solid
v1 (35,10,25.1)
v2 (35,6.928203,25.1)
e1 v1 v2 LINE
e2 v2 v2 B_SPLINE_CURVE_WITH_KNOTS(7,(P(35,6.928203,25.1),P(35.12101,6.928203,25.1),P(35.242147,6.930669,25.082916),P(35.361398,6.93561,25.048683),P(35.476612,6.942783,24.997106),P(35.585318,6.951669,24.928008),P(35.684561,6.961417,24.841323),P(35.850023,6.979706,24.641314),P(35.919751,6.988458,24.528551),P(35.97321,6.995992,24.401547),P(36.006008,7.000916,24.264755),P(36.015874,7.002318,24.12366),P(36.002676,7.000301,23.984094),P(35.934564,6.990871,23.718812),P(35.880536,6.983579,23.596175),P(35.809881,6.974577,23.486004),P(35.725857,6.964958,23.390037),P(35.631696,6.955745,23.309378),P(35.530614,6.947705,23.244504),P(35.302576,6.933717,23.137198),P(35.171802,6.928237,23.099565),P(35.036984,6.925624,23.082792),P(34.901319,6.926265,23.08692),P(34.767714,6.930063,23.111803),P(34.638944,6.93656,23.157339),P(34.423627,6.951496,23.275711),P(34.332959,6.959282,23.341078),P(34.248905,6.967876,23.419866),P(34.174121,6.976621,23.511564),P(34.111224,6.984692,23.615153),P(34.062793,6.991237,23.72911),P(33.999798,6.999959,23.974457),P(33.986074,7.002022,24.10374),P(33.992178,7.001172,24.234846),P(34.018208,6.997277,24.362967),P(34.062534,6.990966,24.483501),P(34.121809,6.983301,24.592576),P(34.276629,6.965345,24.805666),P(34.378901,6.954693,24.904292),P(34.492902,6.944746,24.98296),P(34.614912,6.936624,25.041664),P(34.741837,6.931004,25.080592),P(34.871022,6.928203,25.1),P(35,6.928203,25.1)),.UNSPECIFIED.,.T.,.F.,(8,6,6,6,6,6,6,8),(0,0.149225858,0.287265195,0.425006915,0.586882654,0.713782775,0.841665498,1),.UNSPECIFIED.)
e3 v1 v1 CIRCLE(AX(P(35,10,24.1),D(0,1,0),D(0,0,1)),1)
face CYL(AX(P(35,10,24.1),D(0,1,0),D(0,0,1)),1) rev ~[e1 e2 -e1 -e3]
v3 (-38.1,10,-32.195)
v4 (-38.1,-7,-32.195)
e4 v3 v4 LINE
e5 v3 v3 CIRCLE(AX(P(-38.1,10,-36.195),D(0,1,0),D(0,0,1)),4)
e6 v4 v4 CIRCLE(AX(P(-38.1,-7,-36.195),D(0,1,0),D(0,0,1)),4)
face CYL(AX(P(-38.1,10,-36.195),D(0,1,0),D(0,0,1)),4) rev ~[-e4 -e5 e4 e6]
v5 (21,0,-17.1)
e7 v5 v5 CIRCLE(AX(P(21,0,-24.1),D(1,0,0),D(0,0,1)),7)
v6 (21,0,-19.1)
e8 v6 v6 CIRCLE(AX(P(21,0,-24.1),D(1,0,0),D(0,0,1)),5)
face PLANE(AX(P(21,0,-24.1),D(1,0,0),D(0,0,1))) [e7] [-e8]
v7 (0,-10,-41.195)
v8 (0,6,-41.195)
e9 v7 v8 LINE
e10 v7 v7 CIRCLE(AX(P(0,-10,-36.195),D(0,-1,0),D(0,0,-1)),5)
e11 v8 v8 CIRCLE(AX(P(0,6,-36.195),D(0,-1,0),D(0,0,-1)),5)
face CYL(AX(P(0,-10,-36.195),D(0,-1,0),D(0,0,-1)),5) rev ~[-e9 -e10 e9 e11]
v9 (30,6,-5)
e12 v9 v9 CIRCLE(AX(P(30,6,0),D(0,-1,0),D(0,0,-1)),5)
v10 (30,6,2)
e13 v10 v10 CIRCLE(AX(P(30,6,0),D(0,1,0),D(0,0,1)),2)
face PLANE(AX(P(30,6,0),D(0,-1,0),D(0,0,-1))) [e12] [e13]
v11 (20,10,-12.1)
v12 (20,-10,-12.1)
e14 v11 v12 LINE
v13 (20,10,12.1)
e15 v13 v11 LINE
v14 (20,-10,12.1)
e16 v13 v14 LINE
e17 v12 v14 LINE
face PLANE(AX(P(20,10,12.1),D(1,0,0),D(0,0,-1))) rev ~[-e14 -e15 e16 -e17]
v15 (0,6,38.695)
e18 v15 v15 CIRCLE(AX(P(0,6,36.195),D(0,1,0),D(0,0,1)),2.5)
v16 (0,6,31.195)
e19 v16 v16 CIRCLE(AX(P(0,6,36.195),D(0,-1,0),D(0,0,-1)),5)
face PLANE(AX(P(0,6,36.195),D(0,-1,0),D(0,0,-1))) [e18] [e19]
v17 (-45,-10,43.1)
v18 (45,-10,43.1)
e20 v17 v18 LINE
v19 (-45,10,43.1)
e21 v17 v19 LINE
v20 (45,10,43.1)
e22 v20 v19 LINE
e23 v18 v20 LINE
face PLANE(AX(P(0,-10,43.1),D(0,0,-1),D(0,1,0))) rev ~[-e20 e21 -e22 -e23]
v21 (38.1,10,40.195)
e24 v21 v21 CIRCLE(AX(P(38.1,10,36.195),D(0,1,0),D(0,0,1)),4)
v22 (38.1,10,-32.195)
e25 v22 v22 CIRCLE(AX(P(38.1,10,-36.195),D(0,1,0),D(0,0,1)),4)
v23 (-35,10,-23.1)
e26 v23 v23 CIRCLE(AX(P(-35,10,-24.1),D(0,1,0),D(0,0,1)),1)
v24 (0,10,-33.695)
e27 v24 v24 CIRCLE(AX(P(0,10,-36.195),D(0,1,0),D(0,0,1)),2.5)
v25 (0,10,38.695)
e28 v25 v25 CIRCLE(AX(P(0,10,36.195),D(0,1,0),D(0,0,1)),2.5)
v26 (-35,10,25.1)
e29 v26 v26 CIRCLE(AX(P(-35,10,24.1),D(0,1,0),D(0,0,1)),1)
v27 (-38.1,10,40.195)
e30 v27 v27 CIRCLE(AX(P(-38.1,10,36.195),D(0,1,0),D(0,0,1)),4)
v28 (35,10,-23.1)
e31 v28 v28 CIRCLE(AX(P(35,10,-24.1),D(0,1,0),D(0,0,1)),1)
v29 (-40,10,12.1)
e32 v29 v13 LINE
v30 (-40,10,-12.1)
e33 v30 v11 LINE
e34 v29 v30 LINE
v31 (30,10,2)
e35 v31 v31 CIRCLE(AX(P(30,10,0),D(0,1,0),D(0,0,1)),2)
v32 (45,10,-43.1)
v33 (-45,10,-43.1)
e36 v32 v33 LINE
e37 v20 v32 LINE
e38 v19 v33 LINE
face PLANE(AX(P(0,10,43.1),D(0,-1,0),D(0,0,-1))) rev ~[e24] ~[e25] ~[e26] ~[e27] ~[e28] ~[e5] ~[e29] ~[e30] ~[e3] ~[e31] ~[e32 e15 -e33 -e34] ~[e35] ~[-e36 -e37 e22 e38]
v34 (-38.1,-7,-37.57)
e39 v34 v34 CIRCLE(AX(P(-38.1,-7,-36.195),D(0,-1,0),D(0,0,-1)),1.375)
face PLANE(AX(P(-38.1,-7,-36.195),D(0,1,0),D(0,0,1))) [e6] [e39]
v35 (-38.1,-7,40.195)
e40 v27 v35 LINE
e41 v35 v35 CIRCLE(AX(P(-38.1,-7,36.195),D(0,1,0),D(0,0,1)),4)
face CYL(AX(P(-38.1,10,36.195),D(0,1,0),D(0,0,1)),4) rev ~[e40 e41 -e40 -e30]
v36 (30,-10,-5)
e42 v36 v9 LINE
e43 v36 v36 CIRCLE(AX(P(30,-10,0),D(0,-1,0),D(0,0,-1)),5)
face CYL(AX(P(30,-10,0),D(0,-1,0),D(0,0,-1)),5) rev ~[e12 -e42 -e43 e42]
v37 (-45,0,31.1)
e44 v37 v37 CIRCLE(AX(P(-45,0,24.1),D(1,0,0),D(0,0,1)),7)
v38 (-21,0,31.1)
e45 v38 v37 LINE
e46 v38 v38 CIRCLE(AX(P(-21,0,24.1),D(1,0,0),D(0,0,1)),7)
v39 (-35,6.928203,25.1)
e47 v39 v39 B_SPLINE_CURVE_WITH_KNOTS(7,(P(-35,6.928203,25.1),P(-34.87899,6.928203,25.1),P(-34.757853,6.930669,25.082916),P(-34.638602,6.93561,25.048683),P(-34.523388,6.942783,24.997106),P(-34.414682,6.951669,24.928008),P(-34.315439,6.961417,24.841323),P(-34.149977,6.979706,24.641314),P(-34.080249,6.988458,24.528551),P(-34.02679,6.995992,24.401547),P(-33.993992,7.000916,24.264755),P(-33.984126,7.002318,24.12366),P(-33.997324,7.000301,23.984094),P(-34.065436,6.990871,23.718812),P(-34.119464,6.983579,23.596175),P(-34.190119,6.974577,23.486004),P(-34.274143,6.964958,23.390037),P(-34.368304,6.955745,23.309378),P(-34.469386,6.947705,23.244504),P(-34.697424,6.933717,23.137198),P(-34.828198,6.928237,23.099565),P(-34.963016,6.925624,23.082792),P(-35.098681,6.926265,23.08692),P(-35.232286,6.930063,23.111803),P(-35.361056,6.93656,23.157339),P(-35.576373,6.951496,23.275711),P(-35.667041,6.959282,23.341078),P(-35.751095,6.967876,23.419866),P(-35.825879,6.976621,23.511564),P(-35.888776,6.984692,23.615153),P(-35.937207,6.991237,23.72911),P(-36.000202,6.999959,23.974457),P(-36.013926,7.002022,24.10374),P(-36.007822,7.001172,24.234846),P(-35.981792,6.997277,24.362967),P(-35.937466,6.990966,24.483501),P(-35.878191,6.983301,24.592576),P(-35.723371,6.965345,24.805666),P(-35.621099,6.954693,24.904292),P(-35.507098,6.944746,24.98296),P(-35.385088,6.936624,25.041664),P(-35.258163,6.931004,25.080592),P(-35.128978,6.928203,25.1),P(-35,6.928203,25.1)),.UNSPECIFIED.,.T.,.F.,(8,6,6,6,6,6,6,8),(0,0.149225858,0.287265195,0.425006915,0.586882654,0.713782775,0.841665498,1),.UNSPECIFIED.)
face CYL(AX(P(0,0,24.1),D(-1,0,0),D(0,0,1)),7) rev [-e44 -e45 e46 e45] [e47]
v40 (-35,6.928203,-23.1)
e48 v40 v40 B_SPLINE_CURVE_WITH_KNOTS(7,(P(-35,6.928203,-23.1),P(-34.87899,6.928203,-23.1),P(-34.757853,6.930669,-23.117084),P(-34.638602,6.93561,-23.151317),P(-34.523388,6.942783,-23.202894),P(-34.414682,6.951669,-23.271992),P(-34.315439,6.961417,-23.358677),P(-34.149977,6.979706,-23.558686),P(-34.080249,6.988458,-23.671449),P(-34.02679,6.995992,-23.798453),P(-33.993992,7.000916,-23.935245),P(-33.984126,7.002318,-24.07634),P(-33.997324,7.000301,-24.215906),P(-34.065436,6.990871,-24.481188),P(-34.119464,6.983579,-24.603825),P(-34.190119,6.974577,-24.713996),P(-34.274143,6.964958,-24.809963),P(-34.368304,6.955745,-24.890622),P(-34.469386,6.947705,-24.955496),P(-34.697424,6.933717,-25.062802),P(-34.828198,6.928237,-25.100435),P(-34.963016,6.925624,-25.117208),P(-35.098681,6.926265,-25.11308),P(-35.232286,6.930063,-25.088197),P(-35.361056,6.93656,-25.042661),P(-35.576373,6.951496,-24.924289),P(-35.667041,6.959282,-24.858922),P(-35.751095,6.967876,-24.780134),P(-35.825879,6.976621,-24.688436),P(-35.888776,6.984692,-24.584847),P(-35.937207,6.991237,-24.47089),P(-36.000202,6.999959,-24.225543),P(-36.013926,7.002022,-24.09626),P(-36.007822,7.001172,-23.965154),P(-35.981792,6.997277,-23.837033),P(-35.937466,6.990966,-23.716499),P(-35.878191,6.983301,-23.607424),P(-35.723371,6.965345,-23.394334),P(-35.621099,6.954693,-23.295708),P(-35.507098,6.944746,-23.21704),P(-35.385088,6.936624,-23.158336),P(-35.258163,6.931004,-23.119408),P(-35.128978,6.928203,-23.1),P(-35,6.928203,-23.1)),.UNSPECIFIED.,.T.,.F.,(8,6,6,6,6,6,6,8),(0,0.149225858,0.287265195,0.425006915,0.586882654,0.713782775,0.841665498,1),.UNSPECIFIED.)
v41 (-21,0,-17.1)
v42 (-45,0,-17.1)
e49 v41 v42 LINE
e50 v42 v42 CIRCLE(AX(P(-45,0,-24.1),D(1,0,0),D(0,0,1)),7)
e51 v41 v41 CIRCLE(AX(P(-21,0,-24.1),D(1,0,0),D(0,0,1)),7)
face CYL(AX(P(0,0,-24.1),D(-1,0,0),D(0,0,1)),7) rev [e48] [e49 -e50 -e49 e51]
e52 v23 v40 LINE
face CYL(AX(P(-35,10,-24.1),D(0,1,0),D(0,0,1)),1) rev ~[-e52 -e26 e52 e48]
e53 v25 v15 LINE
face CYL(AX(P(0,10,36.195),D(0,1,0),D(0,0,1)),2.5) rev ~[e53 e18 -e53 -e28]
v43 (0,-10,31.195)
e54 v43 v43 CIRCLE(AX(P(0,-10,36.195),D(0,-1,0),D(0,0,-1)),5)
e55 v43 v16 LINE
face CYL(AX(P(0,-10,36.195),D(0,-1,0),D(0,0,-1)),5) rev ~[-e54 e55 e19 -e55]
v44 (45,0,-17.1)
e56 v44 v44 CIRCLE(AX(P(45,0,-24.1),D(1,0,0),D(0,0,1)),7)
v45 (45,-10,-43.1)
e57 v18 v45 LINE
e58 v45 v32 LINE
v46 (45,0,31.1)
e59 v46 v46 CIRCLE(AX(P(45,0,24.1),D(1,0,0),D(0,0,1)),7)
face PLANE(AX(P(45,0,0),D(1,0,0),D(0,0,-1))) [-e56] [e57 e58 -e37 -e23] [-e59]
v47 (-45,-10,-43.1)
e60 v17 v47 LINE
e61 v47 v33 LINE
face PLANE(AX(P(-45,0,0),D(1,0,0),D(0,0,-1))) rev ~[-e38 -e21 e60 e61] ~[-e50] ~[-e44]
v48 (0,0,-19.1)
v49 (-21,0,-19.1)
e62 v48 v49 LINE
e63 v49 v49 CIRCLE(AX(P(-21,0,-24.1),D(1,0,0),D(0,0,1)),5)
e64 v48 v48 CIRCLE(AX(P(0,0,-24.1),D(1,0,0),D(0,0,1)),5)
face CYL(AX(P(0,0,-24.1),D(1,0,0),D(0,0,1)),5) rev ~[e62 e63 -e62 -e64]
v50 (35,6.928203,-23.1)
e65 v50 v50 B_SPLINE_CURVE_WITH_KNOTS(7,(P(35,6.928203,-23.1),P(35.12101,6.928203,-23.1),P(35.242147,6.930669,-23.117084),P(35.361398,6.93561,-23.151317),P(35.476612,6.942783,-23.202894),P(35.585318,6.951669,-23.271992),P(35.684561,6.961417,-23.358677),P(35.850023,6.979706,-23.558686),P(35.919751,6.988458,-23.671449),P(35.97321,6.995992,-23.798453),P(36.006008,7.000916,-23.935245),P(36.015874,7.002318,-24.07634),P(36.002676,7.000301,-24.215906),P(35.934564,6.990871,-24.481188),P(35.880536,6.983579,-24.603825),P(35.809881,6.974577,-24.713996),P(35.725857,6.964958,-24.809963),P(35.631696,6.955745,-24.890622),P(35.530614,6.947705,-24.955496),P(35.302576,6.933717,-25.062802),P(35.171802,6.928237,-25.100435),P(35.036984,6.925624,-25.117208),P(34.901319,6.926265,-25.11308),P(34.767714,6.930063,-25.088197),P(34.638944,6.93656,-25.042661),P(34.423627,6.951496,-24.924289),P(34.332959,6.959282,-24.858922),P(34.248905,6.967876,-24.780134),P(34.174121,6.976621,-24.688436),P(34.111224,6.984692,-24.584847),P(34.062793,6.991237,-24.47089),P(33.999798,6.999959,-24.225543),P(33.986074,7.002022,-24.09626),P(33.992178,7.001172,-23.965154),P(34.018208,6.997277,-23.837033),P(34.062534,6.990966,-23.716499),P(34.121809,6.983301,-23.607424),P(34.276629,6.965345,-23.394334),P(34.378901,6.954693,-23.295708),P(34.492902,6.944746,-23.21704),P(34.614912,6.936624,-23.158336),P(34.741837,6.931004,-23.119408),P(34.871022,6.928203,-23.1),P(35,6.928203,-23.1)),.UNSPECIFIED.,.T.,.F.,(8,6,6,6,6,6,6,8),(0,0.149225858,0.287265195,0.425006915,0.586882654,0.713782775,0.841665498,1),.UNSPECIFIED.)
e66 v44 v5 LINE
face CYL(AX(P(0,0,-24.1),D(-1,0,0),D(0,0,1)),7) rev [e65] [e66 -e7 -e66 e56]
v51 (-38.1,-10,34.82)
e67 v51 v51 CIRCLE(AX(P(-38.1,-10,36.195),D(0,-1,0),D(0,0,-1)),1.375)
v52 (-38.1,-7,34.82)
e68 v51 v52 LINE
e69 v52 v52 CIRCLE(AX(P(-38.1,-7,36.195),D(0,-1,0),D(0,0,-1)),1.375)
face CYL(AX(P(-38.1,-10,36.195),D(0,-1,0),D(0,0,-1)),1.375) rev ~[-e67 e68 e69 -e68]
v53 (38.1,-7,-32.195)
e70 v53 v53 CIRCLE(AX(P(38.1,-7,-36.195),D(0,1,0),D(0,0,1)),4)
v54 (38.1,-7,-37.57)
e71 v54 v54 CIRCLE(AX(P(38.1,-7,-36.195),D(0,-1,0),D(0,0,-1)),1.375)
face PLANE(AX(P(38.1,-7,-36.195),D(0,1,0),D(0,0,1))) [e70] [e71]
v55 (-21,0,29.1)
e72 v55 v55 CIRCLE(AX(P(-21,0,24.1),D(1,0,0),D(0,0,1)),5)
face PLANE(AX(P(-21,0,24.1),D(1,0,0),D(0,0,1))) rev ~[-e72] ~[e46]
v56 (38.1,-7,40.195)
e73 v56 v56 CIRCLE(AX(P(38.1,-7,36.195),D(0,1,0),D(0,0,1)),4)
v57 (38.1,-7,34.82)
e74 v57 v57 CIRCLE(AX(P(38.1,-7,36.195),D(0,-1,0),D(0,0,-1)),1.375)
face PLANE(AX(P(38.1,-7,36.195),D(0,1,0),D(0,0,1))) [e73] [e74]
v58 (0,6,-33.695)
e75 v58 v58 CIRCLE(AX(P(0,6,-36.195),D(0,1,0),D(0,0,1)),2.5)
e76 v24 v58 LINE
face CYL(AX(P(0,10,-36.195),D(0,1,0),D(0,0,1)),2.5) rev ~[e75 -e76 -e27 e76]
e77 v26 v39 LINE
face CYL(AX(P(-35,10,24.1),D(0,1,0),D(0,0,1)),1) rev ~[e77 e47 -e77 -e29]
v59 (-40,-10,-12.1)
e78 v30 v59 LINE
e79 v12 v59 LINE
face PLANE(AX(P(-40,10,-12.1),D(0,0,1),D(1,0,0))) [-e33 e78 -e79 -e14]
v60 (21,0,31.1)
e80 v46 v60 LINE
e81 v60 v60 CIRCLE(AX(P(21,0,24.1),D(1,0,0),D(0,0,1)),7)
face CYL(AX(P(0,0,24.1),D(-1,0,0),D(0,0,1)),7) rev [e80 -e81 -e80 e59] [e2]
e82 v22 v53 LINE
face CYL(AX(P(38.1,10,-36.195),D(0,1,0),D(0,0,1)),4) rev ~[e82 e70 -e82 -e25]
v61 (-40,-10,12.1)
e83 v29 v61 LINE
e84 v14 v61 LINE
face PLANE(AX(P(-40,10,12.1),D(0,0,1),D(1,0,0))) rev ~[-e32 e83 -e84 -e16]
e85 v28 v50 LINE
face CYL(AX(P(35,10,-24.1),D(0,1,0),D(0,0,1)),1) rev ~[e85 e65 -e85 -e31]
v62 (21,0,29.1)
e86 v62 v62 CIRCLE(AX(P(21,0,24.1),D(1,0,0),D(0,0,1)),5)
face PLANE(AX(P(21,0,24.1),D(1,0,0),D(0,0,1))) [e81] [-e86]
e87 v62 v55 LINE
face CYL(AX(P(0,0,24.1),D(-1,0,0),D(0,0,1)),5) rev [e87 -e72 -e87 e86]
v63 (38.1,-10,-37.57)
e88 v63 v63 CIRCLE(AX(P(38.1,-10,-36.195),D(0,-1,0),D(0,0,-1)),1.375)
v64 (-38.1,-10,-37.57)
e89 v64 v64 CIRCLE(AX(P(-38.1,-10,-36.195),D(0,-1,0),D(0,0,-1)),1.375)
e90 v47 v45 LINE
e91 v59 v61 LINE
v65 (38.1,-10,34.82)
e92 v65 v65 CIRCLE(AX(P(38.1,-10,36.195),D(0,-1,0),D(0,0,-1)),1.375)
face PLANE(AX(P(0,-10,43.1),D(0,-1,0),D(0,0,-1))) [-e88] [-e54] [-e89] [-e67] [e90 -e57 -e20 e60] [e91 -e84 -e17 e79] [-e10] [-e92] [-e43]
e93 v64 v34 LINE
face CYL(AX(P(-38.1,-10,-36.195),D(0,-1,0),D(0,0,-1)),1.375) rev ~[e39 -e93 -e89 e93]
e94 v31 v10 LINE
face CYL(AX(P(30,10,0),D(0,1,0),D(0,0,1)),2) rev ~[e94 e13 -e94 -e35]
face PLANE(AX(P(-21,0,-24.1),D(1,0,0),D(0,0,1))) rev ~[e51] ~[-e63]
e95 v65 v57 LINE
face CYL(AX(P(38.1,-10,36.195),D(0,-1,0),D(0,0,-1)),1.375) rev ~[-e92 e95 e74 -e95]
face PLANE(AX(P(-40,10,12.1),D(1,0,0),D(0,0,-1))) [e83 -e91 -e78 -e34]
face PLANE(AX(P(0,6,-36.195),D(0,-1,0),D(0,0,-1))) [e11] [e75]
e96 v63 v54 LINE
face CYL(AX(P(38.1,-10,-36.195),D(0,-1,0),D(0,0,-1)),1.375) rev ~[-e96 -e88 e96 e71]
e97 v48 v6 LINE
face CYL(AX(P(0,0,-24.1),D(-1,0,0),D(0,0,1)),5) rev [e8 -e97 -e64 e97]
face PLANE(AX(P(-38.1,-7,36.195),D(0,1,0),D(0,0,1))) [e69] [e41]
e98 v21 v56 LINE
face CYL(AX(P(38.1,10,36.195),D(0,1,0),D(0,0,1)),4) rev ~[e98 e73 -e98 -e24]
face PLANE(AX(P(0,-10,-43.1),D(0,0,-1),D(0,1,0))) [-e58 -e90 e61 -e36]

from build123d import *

# Parameters (mm, degrees)
SKETCH2_W           = 86.2
SKETCH2_H           = 20
SKETCH2_R           = 7
BOSS_EXTRUDE1_DEPTH = 45
SKETCH3_R           = 1.375
CUT_EXTRUDE1_DEPTH  = 66.441653402
SKETCH4_R           = 4
CUT_EXTRUDE2_DEPTH  = 17
SKETCH5_R           = 7
SKETCH5_R_2         = 5
BOSS_EXTRUDE2_DEPTH = 21
SKETCH6_R           = 2
SKETCH6_R_2         = 2.5
CUT_EXTRUDE3_DEPTH  = 66.441653402
SKETCH7_R           = 5
CUT_EXTRUDE4_DEPTH  = 16
CUT_EXTRUDE5_REACH  = 67.442
SKETCH8_R           = 1
SKETCH9_W           = 60
SKETCH9_H           = 24.2
CUT_EXTRUDE6_DEPTH  = 66.441653471


with BuildPart() as part:
    # Sketch2 → Boss-Extrude1 (new, symmetric)
    with BuildSketch(Plane(origin=(0, 0, 0), x_dir=(0, 0, -1), z_dir=(1, 0, 0))):
        Rectangle(SKETCH2_W, SKETCH2_H)
        with Locations(Location((-24.1, 0, 0), (0, 0, 180))):
            Circle(SKETCH2_R, mode=Mode.SUBTRACT)
        with Locations(Location((24.1, 0, 0), (0, 0, 180))):
            Circle(SKETCH2_R, mode=Mode.SUBTRACT)
    extrude(amount=BOSS_EXTRUDE1_DEPTH, both=True)

    # Sketch3 → Cut-Extrude1 (cut, through all)
    with BuildSketch(Plane.XZ.offset(10)):
        with Locations(Location((-38.1, 36.195, 0), (0, 0, 270))):
            Circle(SKETCH3_R)
        with Locations(Location((38.1, 36.195, 0), (0, 0, 270))):
            Circle(SKETCH3_R)
        with Locations(Location((38.1, -36.195, 0), (0, 0, 270))):
            Circle(SKETCH3_R)
        with Locations(Location((-38.1, -36.195, 0), (0, 0, 270))):
            Circle(SKETCH3_R)
    extrude(amount=-CUT_EXTRUDE1_DEPTH, mode=Mode.SUBTRACT)

    # Sketch4 → Cut-Extrude2 (cut)
    with BuildSketch(Plane(origin=(0, 10, 0), x_dir=(1, 0, 0), z_dir=(0, 1, 0))):
        with Locations(Location((-38.1, -36.195, 0), (0, 0, 270))):
            Circle(SKETCH4_R)
        with Locations(Location((-38.1, 36.195, 0), (0, 0, 270))):
            Circle(SKETCH4_R)
        with Locations(Location((38.1, 36.195, 0), (0, 0, 270))):
            Circle(SKETCH4_R)
        with Locations(Location((38.1, -36.195, 0), (0, 0, 270))):
            Circle(SKETCH4_R)
    extrude(amount=-CUT_EXTRUDE2_DEPTH, mode=Mode.SUBTRACT)

    # Sketch5 → Boss-Extrude2 (add, symmetric)
    # profile 1 of 2: a face of its own
    with BuildSketch(Plane(origin=(0, 0, 0), x_dir=(0, 0, -1), z_dir=(1, 0, 0))):
        with Locations(Location((24.1, 0, 0), (0, 0, 180))):
            Circle(SKETCH5_R)
        with Locations(Location((24.1, 0, 0), (0, 0, 180))):
            Circle(SKETCH5_R_2, mode=Mode.SUBTRACT)
    # profile 2 of 2: a face of its own
    with BuildSketch(Plane(origin=(0, 0, 0), x_dir=(0, 0, -1), z_dir=(1, 0, 0))):
        with Locations(Location((-24.1, 0, 0), (0, 0, 180))):
            Circle(SKETCH5_R)
        with Locations(Location((-24.1, 0, 0), (0, 0, 180))):
            Circle(SKETCH5_R_2, mode=Mode.SUBTRACT)
    extrude(amount=BOSS_EXTRUDE2_DEPTH, both=True)

    # Sketch6 → Cut-Extrude3 (cut, through all)
    with BuildSketch(Plane(origin=(0, 10, 0), x_dir=(1, 0, 0), z_dir=(0, 1, 0))):
        with Locations(Location((30, 0, 0), (0, 0, 270))):
            Circle(SKETCH6_R)
        with Locations(Location((0, -36.195, 0), (0, 0, 270))):
            Circle(SKETCH6_R_2)
        with Locations(Location((0, 36.195, 0), (0, 0, 270))):
            Circle(SKETCH6_R_2)
    extrude(amount=-CUT_EXTRUDE3_DEPTH, mode=Mode.SUBTRACT)

    # Sketch7 → Cut-Extrude4 (cut)
    with BuildSketch(Plane.XZ.offset(10)):
        with Locations(Location((30, 0, 0), (0, 0, 270))):
            Circle(SKETCH7_R)
        with Locations(Location((0, 36.195, 0), (0, 0, 270))):
            Circle(SKETCH7_R)
        with Locations(Location((0, -36.195, 0), (0, 0, 270))):
            Circle(SKETCH7_R)
    extrude(amount=-CUT_EXTRUDE4_DEPTH, mode=Mode.SUBTRACT)

    # Sketch8 → Cut-Extrude5 (cut, up to next)
    with BuildSketch(Plane(origin=(0, 10, 0), x_dir=(1, 0, 0), z_dir=(0, 1, 0)), mode=Mode.PRIVATE) as cut_extrude5_sk1:
        with Locations(Location((35, -24.1, 0), (0, 0, 270))):
            Circle(SKETCH8_R)
    cut_extrude5_tool1 = extrude(cut_extrude5_sk1.sketch, amount=-CUT_EXTRUDE5_REACH, mode=Mode.PRIVATE) & part.part
    # Sketch8 → Cut-Extrude5 (cut, up to next)
    with BuildSketch(Plane(origin=(0, 10, 0), x_dir=(1, 0, 0), z_dir=(0, 1, 0)), mode=Mode.PRIVATE) as cut_extrude5_sk2:
        with Locations(Location((-35, -24.1, 0), (0, 0, 270))):
            Circle(SKETCH8_R)
    cut_extrude5_tool2 = extrude(cut_extrude5_sk2.sketch, amount=-CUT_EXTRUDE5_REACH, mode=Mode.PRIVATE) & part.part
    # Sketch8 → Cut-Extrude5 (cut, up to next)
    with BuildSketch(Plane(origin=(0, 10, 0), x_dir=(1, 0, 0), z_dir=(0, 1, 0)), mode=Mode.PRIVATE) as cut_extrude5_sk3:
        with Locations(Location((-35, 24.1, 0), (0, 0, 270))):
            Circle(SKETCH8_R)
    cut_extrude5_tool3 = extrude(cut_extrude5_sk3.sketch, amount=-CUT_EXTRUDE5_REACH, mode=Mode.PRIVATE) & part.part
    # Sketch8 → Cut-Extrude5 (cut, up to next)
    with BuildSketch(Plane(origin=(0, 10, 0), x_dir=(1, 0, 0), z_dir=(0, 1, 0)), mode=Mode.PRIVATE) as cut_extrude5_sk4:
        with Locations(Location((35, 24.1, 0), (0, 0, 270))):
            Circle(SKETCH8_R)
    cut_extrude5_tool4 = extrude(cut_extrude5_sk4.sketch, amount=-CUT_EXTRUDE5_REACH, mode=Mode.PRIVATE) & part.part
    add(cut_extrude5_tool1.solids().sort_by_distance((35, 10, 24.1))[0], mode=Mode.SUBTRACT)
    add(cut_extrude5_tool2.solids().sort_by_distance((-35, 10, 24.1))[0], mode=Mode.SUBTRACT)
    add(cut_extrude5_tool3.solids().sort_by_distance((-35, 10, -24.1))[0], mode=Mode.SUBTRACT)
    add(cut_extrude5_tool4.solids().sort_by_distance((35, 10, -24.1))[0], mode=Mode.SUBTRACT)

    # Sketch9 → Cut-Extrude6 (cut, through all)
    with BuildSketch(Plane(origin=(0, 10, 0), x_dir=(1, 0, 0), z_dir=(0, 1, 0))):
        with Locations((-10, 0)):
            Rectangle(SKETCH9_W, SKETCH9_H)
    extrude(amount=-CUT_EXTRUDE6_DEPTH, mode=Mode.SUBTRACT)


solid = part.part
